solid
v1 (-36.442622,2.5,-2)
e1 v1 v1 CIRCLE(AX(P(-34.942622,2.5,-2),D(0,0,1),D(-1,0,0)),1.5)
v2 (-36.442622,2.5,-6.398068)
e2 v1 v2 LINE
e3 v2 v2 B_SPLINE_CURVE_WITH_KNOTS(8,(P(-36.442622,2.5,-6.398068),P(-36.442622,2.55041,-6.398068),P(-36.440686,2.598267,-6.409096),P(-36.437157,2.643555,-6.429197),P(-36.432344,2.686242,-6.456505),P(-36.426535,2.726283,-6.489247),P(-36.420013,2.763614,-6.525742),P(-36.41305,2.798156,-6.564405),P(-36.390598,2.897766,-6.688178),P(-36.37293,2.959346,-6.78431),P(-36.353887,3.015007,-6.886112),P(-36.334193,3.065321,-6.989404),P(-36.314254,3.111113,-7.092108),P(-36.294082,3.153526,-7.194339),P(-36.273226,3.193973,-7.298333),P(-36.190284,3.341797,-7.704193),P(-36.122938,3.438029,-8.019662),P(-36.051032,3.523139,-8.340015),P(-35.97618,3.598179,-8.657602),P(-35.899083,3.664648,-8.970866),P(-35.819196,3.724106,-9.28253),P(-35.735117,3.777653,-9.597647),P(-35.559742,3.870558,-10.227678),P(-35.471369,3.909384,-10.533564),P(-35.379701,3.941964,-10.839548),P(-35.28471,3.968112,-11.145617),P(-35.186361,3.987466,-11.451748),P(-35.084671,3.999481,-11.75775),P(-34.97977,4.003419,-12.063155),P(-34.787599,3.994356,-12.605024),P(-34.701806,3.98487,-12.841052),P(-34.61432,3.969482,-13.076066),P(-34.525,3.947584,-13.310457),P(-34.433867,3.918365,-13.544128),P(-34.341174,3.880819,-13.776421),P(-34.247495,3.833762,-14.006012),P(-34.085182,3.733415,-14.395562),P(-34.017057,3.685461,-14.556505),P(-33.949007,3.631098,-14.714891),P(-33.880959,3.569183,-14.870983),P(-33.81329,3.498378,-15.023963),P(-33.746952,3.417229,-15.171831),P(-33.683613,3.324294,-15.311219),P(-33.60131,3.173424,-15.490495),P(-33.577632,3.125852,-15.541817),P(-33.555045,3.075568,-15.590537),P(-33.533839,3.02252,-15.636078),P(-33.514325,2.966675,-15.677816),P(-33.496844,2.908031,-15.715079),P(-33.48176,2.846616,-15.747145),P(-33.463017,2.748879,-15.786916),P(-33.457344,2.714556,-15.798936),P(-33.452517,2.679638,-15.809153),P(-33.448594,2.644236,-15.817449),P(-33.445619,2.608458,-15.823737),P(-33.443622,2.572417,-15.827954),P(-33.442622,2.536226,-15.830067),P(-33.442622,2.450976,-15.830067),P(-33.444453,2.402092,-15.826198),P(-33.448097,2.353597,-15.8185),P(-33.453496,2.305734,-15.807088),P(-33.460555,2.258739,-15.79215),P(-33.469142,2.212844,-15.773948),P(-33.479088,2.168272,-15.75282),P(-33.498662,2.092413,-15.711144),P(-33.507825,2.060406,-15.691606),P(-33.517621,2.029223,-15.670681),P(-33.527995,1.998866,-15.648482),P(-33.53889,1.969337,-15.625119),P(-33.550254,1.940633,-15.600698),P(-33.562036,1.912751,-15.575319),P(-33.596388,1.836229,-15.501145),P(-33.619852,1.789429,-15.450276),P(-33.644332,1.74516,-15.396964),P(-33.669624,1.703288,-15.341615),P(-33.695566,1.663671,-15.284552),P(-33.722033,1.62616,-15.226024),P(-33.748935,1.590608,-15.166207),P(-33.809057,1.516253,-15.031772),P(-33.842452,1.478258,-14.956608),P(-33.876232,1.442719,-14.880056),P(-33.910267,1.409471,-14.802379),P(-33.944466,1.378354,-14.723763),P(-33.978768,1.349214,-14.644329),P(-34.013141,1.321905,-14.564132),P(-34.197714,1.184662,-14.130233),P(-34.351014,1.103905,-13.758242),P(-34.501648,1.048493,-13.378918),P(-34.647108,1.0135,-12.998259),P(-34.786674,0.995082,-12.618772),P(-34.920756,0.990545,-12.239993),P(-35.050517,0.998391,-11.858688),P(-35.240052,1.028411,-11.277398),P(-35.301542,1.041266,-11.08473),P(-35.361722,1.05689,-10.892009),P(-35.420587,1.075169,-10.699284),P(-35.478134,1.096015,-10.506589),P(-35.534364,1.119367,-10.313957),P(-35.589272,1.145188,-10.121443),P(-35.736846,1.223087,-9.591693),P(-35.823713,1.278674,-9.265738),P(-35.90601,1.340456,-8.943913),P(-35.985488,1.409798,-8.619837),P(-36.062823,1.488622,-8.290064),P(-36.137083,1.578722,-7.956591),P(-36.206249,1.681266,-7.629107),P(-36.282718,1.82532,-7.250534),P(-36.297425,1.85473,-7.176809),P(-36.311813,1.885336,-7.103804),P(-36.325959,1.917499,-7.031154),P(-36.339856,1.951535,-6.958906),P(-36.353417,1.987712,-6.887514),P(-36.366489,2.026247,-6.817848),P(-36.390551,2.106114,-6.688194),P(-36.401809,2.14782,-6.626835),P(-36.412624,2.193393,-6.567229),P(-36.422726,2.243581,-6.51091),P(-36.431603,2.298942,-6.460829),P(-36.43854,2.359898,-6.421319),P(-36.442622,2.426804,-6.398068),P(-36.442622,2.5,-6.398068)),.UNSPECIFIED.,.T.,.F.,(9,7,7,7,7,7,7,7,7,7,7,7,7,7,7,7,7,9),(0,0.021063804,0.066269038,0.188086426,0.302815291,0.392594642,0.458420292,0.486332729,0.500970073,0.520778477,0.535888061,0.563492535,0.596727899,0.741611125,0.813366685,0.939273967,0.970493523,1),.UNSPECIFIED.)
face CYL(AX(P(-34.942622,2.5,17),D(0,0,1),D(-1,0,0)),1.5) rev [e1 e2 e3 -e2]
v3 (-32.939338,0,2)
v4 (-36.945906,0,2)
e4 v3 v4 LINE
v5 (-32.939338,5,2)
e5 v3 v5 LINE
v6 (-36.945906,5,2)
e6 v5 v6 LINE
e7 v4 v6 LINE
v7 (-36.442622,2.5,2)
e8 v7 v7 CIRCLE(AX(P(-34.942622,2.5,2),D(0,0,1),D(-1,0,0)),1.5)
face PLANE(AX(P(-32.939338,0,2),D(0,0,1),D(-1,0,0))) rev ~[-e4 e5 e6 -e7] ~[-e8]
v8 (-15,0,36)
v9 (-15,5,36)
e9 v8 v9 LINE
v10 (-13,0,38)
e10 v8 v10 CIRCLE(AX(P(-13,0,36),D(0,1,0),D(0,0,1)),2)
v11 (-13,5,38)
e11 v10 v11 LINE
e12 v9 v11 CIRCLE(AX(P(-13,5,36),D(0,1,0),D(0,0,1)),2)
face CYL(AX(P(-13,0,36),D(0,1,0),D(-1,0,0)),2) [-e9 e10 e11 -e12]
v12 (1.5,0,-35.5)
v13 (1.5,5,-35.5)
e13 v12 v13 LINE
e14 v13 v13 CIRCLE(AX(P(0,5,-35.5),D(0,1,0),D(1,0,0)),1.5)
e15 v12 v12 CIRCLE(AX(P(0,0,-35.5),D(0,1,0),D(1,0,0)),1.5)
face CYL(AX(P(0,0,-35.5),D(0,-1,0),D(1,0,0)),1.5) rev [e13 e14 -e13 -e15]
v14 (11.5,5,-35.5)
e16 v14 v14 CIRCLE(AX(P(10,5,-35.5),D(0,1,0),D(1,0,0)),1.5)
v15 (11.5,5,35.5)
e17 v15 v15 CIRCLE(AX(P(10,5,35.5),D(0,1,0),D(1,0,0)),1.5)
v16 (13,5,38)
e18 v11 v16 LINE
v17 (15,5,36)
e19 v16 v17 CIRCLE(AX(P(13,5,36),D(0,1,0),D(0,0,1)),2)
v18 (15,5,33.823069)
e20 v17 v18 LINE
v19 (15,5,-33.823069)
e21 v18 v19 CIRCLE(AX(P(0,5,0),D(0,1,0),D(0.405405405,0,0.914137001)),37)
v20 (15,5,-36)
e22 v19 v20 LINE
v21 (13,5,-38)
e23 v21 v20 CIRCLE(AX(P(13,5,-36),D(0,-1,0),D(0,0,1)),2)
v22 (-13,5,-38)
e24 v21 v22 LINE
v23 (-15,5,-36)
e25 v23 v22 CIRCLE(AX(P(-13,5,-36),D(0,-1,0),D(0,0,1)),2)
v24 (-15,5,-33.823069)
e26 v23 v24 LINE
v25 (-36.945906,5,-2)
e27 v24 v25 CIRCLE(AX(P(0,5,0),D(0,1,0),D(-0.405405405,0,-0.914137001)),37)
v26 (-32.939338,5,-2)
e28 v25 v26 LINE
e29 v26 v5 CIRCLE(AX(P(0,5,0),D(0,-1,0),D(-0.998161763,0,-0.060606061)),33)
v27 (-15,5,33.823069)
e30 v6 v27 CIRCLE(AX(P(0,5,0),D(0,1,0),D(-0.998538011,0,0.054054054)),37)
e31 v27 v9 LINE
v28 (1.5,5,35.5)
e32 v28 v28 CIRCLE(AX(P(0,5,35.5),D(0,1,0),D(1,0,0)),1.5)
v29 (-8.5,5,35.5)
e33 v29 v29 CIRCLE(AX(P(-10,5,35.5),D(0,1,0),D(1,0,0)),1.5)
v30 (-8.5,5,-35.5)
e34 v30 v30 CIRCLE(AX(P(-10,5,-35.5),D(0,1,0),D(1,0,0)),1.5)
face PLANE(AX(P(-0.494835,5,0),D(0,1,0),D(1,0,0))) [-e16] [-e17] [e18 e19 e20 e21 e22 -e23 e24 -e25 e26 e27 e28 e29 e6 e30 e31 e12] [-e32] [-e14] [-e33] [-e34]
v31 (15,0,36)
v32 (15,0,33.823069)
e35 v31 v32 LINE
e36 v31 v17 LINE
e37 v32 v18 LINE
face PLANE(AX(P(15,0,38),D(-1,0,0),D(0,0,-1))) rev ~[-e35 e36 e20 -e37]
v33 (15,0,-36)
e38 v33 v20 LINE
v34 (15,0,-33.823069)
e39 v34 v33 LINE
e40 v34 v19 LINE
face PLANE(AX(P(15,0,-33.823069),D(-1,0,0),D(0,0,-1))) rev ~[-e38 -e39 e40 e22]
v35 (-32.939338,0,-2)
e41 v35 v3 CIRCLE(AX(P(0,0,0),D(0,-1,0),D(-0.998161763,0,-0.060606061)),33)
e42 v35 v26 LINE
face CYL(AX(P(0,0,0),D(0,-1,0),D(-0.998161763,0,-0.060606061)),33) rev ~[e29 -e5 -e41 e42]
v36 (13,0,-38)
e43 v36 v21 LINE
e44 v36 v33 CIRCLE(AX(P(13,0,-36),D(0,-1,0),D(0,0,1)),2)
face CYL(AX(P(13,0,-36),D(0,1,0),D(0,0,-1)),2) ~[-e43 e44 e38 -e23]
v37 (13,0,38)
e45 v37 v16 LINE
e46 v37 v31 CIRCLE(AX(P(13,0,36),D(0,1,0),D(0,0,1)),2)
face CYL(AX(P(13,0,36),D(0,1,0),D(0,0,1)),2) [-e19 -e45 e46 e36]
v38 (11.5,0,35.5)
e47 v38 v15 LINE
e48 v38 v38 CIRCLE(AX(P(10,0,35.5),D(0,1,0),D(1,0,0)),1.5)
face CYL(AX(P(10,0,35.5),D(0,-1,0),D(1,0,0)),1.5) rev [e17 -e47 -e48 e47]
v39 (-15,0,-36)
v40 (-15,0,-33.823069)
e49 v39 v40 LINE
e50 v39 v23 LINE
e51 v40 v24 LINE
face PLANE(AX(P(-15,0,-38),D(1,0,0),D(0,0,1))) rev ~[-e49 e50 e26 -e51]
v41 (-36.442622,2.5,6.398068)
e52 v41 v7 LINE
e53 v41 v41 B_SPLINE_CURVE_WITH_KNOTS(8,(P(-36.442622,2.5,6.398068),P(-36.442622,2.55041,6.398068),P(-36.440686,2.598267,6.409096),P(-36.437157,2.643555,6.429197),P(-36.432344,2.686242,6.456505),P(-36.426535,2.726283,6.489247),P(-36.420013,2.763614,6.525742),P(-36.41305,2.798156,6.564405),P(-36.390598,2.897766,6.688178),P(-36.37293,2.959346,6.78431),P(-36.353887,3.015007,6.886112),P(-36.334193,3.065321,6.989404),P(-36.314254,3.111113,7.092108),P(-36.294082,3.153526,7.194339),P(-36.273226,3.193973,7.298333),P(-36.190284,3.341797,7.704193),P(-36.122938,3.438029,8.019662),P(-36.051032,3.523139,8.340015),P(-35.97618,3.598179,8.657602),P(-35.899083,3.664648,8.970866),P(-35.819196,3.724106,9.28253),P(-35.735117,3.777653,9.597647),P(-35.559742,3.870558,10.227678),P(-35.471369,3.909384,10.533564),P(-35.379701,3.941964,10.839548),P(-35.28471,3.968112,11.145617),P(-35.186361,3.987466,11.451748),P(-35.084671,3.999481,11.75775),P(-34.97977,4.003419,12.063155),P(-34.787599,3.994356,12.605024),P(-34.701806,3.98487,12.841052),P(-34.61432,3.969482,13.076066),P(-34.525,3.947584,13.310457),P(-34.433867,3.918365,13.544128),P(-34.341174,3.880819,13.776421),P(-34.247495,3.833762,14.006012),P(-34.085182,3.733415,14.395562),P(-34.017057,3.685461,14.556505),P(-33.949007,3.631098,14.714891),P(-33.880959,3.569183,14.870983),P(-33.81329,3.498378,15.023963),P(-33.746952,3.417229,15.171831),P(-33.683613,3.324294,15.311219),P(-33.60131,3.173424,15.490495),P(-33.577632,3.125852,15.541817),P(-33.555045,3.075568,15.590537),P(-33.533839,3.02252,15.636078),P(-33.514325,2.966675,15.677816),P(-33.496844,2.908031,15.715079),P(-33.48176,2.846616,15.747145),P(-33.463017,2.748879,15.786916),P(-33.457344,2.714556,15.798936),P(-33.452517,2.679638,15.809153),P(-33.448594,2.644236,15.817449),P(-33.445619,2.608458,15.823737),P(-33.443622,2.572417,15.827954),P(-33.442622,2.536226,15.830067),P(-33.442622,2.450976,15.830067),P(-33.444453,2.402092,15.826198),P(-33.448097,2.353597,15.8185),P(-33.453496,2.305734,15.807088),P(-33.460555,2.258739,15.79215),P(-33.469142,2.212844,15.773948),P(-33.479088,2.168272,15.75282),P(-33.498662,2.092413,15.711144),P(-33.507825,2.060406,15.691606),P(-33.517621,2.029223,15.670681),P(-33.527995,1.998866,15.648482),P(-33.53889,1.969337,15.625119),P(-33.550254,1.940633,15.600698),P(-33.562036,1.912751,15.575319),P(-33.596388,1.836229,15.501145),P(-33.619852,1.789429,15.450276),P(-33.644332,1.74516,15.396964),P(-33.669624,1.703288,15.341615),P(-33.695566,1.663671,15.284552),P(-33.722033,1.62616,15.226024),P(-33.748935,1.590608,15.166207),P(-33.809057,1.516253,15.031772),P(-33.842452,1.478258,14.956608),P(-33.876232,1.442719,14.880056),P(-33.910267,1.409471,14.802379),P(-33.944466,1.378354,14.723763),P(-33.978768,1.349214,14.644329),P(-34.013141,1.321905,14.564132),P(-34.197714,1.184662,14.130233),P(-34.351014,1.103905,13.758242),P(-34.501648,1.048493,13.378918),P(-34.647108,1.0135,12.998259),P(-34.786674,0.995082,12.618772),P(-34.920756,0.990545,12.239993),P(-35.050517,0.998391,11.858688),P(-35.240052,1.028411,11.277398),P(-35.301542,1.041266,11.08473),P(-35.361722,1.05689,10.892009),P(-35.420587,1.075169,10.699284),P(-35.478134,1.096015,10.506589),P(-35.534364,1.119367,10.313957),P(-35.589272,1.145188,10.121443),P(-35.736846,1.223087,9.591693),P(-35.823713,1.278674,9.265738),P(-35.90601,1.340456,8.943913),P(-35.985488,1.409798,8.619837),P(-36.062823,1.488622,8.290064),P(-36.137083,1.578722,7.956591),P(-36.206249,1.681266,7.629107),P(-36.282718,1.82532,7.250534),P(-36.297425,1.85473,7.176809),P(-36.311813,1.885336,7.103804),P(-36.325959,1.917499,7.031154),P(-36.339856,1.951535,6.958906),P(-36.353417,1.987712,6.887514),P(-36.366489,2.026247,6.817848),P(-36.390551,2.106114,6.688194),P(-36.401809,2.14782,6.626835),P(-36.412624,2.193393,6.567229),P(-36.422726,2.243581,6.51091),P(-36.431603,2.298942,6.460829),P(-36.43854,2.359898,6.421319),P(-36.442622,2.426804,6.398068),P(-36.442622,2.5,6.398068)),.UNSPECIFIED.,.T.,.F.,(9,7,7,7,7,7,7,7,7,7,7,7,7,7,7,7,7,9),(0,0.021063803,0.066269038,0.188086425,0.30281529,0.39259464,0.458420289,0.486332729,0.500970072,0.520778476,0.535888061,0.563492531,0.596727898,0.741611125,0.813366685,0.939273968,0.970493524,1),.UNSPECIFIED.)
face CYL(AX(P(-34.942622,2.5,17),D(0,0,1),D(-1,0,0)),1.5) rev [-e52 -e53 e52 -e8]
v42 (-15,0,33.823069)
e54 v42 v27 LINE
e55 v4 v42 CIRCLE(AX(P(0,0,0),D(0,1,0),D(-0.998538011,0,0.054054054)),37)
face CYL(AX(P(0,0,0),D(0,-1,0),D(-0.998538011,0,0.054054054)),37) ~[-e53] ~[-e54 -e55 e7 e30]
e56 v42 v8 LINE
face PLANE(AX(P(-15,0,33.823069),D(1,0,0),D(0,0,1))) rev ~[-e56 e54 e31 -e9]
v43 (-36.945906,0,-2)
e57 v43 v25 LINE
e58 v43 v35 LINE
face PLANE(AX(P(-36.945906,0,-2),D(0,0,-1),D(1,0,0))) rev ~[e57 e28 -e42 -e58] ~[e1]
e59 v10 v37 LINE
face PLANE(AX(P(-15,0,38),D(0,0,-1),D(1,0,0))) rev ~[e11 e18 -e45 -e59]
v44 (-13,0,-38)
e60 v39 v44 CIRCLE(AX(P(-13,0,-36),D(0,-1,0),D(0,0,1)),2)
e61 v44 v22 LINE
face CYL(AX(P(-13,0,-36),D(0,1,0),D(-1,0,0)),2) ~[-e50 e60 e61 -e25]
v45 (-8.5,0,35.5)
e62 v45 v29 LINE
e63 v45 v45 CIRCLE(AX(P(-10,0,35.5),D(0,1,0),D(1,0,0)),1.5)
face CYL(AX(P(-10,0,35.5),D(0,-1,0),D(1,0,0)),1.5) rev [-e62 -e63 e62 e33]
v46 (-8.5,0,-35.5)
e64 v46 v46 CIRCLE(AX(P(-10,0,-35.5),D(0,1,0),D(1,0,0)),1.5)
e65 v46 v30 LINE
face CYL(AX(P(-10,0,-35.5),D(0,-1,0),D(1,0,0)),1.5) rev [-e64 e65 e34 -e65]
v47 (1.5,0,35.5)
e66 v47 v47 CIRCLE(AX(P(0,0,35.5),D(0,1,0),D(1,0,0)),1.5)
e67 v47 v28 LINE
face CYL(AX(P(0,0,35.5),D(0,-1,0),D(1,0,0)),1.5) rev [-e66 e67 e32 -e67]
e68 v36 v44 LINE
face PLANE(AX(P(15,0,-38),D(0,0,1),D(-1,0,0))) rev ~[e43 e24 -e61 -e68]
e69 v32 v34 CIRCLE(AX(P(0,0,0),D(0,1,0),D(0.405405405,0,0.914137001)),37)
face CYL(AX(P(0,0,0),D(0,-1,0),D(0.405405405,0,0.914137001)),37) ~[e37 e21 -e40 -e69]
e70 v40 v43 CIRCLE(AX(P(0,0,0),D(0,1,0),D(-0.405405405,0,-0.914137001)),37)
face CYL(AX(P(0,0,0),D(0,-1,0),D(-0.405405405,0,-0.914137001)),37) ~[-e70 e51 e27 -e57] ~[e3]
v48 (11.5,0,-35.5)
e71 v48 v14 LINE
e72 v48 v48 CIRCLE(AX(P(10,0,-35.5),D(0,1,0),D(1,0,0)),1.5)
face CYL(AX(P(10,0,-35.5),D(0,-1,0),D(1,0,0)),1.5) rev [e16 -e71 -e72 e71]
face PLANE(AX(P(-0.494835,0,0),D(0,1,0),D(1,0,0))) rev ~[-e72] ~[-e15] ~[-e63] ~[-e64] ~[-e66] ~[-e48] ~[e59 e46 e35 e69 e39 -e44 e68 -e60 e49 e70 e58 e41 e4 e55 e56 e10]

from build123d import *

# Parameters (mm, degrees)
CROQUIS1_R                 = 1.5
SALIENTE_EXTRUIR1_DEPTH    = 5
REDONDEO1_R                = 2
CORTAR_EXTRUIR1_DEPTH      = 20
CORTAR_EXTRUIR1_DEPTH_BACK = 15
CROQUIS3_R                 = 1.5


with BuildPart() as part:
    # Croquis1 → Saliente-Extruir1 (new body)
    with BuildSketch(Plane(origin=(0, 0, 0), x_dir=(1, 0, 0), z_dir=(0, 1, 0))):
        with BuildLine():
            Line((-32.939338184, -2), (-36.945906404, -2))
            ThreePointArc((-36.945906404, -2), (-30.459337304, -21.005446223), (-15, -33.823069051))
            Line((-15, -33.823069051), (-15, -38))
            Line((-15, -38), (15, -38))
            Line((15, -38), (15, -33.823069051))
            ThreePointArc((15, -33.823069051), (37, 0), (15, 33.823069051))
            Line((15, 33.823069051), (15, 38))
            Line((15, 38), (-15, 38))
            Line((-15, 38), (-15, 33.823069051))
            ThreePointArc((-15, 33.823069051), (-30.459337304, 21.005446223), (-36.945906404, 2))
            Line((-36.945906404, 2), (-32.939338184, 2))
            ThreePointArc((-32.939338184, 2), (33, 0), (-32.939338184, -2))
        make_face()
        with Locations((0, -35.5)):
            Circle(CROQUIS1_R, mode=Mode.SUBTRACT)
        with Locations((10, -35.5)):
            Circle(CROQUIS1_R, mode=Mode.SUBTRACT)
        with Locations((-10, -35.5)):
            Circle(CROQUIS1_R, mode=Mode.SUBTRACT)
        with Locations((-10, 35.5)):
            Circle(CROQUIS1_R, mode=Mode.SUBTRACT)
        with Locations((10, 35.5)):
            Circle(CROQUIS1_R, mode=Mode.SUBTRACT)
        with Locations((0, 35.5)):
            Circle(CROQUIS1_R, mode=Mode.SUBTRACT)
    extrude(amount=SALIENTE_EXTRUIR1_DEPTH)

    # Redondeo1
    redondeo1_edges = [part.edges().sort_by_distance(p)[0] for p in [
        (15, 2.5, 38),
        (-15, 2.5, 38),
        (-15, 2.5, -38),
        (15, 2.5, -38),
    ]]
    fillet(redondeo1_edges, radius=REDONDEO1_R)

    # Croquis3 → Cortar-Extruir1 (cut, two sides: drawn at the far end of the back side and taken through both)
    with BuildSketch(Plane(origin=(0, 0, 2), x_dir=(-1, 0, 0), z_dir=(0, 0, -1)).offset(-CORTAR_EXTRUIR1_DEPTH_BACK)):
        with Locations((34.942622294, 2.5)):
            Circle(CROQUIS3_R)
    extrude(amount=CORTAR_EXTRUIR1_DEPTH + CORTAR_EXTRUIR1_DEPTH_BACK, mode=Mode.SUBTRACT)


solid = part.part
